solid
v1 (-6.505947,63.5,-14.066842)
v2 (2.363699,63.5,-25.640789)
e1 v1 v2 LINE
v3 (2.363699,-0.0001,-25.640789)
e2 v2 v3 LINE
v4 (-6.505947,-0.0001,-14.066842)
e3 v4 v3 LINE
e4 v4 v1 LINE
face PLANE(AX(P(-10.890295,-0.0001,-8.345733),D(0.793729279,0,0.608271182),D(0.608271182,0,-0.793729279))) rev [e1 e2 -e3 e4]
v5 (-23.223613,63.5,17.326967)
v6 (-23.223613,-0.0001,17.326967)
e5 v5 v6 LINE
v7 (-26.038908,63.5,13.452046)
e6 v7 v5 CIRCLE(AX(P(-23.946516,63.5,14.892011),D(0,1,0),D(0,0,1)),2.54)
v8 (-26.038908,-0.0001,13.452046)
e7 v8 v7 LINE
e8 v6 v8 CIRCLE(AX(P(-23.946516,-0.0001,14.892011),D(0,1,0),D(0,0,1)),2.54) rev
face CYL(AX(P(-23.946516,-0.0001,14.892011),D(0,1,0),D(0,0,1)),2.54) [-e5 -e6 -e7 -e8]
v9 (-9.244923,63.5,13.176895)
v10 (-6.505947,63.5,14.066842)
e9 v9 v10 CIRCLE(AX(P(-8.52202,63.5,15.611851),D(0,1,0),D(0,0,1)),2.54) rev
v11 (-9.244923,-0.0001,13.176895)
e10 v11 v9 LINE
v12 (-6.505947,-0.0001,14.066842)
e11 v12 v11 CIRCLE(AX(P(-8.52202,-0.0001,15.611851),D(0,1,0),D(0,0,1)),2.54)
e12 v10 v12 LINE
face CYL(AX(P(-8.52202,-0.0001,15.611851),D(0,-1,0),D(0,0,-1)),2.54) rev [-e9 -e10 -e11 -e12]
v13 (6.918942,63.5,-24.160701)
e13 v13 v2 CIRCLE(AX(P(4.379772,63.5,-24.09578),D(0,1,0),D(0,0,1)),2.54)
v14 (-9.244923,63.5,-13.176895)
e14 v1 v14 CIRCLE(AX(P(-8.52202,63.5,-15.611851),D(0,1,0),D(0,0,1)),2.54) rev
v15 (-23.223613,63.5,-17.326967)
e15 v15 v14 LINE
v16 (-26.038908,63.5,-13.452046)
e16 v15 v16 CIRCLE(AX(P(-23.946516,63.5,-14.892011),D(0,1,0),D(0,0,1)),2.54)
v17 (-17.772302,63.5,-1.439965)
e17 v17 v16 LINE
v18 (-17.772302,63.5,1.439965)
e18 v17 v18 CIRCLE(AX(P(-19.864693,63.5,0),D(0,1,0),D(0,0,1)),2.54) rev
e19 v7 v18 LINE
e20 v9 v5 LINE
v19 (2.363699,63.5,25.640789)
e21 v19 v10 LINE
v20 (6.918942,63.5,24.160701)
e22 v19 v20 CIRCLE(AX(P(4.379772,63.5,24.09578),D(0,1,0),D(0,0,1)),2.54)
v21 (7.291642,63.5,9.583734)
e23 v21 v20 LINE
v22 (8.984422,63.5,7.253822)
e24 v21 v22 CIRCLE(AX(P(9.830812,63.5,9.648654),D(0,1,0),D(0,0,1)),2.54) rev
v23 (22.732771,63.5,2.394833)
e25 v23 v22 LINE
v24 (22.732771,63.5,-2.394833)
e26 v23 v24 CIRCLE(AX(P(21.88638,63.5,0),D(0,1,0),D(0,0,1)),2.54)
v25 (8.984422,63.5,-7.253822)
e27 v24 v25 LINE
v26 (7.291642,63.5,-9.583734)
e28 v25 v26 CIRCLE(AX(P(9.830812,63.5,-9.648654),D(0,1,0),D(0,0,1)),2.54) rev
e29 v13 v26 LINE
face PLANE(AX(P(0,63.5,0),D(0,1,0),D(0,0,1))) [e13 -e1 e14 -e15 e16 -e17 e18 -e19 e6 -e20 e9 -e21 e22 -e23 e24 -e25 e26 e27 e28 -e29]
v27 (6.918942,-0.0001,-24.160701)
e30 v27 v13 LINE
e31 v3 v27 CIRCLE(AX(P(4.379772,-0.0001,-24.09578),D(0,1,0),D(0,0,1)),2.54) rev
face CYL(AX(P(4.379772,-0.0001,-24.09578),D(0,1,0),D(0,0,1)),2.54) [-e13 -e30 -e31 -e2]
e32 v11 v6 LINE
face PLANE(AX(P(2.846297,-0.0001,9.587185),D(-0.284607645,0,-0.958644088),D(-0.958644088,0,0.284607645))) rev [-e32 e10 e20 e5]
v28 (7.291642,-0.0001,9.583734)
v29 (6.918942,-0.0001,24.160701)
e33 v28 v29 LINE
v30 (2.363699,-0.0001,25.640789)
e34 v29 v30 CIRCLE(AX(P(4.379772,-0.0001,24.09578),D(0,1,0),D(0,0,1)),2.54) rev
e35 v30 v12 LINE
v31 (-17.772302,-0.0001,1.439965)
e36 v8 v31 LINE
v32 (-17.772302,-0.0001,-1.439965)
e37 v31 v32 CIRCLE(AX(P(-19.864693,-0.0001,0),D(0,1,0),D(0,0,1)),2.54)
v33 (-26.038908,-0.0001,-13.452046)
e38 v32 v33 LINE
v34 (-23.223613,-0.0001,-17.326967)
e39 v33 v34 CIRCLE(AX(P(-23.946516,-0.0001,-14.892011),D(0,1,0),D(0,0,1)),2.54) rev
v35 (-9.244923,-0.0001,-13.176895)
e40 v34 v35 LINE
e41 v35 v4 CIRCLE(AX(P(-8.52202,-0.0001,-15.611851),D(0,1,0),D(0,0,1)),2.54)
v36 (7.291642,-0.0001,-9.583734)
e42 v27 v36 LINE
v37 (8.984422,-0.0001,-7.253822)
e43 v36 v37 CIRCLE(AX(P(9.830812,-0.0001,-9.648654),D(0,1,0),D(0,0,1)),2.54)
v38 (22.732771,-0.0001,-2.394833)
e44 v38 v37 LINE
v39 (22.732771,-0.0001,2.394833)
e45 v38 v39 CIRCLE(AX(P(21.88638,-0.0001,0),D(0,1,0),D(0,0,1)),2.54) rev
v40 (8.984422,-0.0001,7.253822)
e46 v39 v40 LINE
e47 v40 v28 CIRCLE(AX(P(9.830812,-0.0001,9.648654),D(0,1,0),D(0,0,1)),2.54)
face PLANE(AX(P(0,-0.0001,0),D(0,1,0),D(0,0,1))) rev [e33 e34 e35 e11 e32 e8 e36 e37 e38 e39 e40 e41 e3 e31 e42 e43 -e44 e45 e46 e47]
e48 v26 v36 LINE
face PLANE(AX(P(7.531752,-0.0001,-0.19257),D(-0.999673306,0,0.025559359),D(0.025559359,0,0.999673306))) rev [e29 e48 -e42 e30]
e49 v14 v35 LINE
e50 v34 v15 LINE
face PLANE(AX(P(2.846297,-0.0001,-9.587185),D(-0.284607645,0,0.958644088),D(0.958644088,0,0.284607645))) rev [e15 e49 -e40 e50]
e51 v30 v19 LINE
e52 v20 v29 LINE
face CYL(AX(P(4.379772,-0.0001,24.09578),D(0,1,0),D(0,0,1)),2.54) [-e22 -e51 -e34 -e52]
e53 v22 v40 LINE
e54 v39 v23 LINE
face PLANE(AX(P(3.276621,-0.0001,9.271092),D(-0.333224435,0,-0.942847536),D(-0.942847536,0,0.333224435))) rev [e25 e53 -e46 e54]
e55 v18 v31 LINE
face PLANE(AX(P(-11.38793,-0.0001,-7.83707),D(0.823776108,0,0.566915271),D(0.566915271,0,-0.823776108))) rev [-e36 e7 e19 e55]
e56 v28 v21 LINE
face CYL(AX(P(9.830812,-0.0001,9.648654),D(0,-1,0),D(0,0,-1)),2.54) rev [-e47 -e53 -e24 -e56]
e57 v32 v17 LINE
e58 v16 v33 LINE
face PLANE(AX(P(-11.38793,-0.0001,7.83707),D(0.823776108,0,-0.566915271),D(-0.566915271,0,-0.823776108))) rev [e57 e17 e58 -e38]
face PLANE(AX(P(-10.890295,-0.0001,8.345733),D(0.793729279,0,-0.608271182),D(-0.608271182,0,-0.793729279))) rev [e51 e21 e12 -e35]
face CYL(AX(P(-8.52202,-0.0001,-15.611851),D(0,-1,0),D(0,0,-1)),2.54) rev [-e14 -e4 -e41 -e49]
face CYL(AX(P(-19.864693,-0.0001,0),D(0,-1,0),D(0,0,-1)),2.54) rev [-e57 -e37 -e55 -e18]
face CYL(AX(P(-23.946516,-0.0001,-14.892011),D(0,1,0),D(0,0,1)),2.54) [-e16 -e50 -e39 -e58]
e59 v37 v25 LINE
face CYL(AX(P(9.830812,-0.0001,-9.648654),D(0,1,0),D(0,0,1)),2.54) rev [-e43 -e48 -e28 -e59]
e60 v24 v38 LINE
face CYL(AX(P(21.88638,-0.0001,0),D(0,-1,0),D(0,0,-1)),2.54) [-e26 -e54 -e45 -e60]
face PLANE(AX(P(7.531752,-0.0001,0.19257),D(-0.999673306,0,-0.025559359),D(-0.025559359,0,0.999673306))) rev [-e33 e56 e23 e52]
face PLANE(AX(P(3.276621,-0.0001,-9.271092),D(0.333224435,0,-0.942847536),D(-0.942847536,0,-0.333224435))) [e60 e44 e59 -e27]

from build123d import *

# Parameters (mm, degrees)
BOSS_EXTRUDE2_DEPTH      = 63.5
BOSS_EXTRUDE2_DEPTH_BACK = 0.000100076
FILLET2_R                = 2.54


with BuildPart() as part:
    # Sketch2 → Boss-Extrude2 (new, two sides: drawn at the far end of the back side and taken through both)
    with BuildSketch(Plane(origin=(0, 0, 0), x_dir=(1, 0, 0), z_dir=(0, 1, 0)).offset(-BOSS_EXTRUDE2_DEPTH_BACK)):
        Polygon((7.336319495, 7.83629969), (7.336319495, 0), (29.508870684, 0), align=None)
        Polygon((29.508870684, 0), (7.336319495, 0), (7.336319495, -7.83629969), align=None)
        Polygon((7.336319495, 0), (-3.449421721, 0), (-0.116444388, -10.257849467), (7.336319495, -7.83629969), align=None)
        Polygon((-0.116444388, 10.257849467), (-3.449421721, 0), (7.336319495, 0), (7.336319495, 7.83629969), align=None)
        Polygon((-12.175269662, 6.339699622), (-3.449421721, 0), (-0.116444388, 10.257849467), (-7.569208272, 12.679399244), align=None)
        Polygon((-12.175269662, -6.339699622), (-3.449421721, 0), (-12.175269662, 6.339699622), (-16.781331052, 0), align=None)
        Polygon((-0.116444388, -10.257849467), (-3.449421721, 0), (-12.175269662, -6.339699622), (-7.569208272, -12.679399244), align=None)
        Polygon((6.735250738, -31.345198758), (-0.116444388, -10.257849467), (-7.569208272, -12.679399244), align=None)
        Polygon((7.336319495, -7.83629969), (-0.116444388, -10.257849467), (6.735250738, -31.345198758), align=None)
        Polygon((-7.569208272, -12.679399244), (-12.175269662, -6.339699622), (-30.113240383, -19.372398217), align=None)
        Polygon((-30.113240383, -19.372398217), (-12.175269662, -6.339699622), (-16.781331052, 0), align=None)
        Polygon((-16.781331052, 0), (-12.175269662, 6.339699622), (-30.113240383, 19.372398217), align=None)
        Polygon((-30.113240383, 19.372398217), (-12.175269662, 6.339699622), (-7.569208272, 12.679399244), align=None)
        Polygon((-7.569208272, 12.679399244), (-0.116444388, 10.257849467), (6.735250738, 31.345198758), align=None)
        Polygon((6.735250738, 31.345198758), (-0.116444388, 10.257849467), (7.336319495, 7.83629969), align=None)
    extrude(amount=BOSS_EXTRUDE2_DEPTH + BOSS_EXTRUDE2_DEPTH_BACK)

    # Fillet2
    fillet2_edges = [part.edges().sort_by_distance(p)[0] for p in [
        (-16.781331052, 31.749949962, 0),
        (-30.113240383, 31.749949962, -19.372398217),
        (-7.569208272, 31.749949962, -12.679399244),
        (6.735250738, 31.749949962, -31.345198758),
        (7.336319495, 31.749949962, -7.83629969),
        (29.508870684, 31.749949962, 0),
        (7.336319495, 31.749949962, 7.83629969),
        (6.735250738, 31.749949962, 31.345198758),
        (-7.569208272, 31.749949962, 12.679399244),
        (-30.113240383, 31.749949962, 19.372398217),
    ]]
    fillet(fillet2_edges, radius=FILLET2_R)


solid = part.part
